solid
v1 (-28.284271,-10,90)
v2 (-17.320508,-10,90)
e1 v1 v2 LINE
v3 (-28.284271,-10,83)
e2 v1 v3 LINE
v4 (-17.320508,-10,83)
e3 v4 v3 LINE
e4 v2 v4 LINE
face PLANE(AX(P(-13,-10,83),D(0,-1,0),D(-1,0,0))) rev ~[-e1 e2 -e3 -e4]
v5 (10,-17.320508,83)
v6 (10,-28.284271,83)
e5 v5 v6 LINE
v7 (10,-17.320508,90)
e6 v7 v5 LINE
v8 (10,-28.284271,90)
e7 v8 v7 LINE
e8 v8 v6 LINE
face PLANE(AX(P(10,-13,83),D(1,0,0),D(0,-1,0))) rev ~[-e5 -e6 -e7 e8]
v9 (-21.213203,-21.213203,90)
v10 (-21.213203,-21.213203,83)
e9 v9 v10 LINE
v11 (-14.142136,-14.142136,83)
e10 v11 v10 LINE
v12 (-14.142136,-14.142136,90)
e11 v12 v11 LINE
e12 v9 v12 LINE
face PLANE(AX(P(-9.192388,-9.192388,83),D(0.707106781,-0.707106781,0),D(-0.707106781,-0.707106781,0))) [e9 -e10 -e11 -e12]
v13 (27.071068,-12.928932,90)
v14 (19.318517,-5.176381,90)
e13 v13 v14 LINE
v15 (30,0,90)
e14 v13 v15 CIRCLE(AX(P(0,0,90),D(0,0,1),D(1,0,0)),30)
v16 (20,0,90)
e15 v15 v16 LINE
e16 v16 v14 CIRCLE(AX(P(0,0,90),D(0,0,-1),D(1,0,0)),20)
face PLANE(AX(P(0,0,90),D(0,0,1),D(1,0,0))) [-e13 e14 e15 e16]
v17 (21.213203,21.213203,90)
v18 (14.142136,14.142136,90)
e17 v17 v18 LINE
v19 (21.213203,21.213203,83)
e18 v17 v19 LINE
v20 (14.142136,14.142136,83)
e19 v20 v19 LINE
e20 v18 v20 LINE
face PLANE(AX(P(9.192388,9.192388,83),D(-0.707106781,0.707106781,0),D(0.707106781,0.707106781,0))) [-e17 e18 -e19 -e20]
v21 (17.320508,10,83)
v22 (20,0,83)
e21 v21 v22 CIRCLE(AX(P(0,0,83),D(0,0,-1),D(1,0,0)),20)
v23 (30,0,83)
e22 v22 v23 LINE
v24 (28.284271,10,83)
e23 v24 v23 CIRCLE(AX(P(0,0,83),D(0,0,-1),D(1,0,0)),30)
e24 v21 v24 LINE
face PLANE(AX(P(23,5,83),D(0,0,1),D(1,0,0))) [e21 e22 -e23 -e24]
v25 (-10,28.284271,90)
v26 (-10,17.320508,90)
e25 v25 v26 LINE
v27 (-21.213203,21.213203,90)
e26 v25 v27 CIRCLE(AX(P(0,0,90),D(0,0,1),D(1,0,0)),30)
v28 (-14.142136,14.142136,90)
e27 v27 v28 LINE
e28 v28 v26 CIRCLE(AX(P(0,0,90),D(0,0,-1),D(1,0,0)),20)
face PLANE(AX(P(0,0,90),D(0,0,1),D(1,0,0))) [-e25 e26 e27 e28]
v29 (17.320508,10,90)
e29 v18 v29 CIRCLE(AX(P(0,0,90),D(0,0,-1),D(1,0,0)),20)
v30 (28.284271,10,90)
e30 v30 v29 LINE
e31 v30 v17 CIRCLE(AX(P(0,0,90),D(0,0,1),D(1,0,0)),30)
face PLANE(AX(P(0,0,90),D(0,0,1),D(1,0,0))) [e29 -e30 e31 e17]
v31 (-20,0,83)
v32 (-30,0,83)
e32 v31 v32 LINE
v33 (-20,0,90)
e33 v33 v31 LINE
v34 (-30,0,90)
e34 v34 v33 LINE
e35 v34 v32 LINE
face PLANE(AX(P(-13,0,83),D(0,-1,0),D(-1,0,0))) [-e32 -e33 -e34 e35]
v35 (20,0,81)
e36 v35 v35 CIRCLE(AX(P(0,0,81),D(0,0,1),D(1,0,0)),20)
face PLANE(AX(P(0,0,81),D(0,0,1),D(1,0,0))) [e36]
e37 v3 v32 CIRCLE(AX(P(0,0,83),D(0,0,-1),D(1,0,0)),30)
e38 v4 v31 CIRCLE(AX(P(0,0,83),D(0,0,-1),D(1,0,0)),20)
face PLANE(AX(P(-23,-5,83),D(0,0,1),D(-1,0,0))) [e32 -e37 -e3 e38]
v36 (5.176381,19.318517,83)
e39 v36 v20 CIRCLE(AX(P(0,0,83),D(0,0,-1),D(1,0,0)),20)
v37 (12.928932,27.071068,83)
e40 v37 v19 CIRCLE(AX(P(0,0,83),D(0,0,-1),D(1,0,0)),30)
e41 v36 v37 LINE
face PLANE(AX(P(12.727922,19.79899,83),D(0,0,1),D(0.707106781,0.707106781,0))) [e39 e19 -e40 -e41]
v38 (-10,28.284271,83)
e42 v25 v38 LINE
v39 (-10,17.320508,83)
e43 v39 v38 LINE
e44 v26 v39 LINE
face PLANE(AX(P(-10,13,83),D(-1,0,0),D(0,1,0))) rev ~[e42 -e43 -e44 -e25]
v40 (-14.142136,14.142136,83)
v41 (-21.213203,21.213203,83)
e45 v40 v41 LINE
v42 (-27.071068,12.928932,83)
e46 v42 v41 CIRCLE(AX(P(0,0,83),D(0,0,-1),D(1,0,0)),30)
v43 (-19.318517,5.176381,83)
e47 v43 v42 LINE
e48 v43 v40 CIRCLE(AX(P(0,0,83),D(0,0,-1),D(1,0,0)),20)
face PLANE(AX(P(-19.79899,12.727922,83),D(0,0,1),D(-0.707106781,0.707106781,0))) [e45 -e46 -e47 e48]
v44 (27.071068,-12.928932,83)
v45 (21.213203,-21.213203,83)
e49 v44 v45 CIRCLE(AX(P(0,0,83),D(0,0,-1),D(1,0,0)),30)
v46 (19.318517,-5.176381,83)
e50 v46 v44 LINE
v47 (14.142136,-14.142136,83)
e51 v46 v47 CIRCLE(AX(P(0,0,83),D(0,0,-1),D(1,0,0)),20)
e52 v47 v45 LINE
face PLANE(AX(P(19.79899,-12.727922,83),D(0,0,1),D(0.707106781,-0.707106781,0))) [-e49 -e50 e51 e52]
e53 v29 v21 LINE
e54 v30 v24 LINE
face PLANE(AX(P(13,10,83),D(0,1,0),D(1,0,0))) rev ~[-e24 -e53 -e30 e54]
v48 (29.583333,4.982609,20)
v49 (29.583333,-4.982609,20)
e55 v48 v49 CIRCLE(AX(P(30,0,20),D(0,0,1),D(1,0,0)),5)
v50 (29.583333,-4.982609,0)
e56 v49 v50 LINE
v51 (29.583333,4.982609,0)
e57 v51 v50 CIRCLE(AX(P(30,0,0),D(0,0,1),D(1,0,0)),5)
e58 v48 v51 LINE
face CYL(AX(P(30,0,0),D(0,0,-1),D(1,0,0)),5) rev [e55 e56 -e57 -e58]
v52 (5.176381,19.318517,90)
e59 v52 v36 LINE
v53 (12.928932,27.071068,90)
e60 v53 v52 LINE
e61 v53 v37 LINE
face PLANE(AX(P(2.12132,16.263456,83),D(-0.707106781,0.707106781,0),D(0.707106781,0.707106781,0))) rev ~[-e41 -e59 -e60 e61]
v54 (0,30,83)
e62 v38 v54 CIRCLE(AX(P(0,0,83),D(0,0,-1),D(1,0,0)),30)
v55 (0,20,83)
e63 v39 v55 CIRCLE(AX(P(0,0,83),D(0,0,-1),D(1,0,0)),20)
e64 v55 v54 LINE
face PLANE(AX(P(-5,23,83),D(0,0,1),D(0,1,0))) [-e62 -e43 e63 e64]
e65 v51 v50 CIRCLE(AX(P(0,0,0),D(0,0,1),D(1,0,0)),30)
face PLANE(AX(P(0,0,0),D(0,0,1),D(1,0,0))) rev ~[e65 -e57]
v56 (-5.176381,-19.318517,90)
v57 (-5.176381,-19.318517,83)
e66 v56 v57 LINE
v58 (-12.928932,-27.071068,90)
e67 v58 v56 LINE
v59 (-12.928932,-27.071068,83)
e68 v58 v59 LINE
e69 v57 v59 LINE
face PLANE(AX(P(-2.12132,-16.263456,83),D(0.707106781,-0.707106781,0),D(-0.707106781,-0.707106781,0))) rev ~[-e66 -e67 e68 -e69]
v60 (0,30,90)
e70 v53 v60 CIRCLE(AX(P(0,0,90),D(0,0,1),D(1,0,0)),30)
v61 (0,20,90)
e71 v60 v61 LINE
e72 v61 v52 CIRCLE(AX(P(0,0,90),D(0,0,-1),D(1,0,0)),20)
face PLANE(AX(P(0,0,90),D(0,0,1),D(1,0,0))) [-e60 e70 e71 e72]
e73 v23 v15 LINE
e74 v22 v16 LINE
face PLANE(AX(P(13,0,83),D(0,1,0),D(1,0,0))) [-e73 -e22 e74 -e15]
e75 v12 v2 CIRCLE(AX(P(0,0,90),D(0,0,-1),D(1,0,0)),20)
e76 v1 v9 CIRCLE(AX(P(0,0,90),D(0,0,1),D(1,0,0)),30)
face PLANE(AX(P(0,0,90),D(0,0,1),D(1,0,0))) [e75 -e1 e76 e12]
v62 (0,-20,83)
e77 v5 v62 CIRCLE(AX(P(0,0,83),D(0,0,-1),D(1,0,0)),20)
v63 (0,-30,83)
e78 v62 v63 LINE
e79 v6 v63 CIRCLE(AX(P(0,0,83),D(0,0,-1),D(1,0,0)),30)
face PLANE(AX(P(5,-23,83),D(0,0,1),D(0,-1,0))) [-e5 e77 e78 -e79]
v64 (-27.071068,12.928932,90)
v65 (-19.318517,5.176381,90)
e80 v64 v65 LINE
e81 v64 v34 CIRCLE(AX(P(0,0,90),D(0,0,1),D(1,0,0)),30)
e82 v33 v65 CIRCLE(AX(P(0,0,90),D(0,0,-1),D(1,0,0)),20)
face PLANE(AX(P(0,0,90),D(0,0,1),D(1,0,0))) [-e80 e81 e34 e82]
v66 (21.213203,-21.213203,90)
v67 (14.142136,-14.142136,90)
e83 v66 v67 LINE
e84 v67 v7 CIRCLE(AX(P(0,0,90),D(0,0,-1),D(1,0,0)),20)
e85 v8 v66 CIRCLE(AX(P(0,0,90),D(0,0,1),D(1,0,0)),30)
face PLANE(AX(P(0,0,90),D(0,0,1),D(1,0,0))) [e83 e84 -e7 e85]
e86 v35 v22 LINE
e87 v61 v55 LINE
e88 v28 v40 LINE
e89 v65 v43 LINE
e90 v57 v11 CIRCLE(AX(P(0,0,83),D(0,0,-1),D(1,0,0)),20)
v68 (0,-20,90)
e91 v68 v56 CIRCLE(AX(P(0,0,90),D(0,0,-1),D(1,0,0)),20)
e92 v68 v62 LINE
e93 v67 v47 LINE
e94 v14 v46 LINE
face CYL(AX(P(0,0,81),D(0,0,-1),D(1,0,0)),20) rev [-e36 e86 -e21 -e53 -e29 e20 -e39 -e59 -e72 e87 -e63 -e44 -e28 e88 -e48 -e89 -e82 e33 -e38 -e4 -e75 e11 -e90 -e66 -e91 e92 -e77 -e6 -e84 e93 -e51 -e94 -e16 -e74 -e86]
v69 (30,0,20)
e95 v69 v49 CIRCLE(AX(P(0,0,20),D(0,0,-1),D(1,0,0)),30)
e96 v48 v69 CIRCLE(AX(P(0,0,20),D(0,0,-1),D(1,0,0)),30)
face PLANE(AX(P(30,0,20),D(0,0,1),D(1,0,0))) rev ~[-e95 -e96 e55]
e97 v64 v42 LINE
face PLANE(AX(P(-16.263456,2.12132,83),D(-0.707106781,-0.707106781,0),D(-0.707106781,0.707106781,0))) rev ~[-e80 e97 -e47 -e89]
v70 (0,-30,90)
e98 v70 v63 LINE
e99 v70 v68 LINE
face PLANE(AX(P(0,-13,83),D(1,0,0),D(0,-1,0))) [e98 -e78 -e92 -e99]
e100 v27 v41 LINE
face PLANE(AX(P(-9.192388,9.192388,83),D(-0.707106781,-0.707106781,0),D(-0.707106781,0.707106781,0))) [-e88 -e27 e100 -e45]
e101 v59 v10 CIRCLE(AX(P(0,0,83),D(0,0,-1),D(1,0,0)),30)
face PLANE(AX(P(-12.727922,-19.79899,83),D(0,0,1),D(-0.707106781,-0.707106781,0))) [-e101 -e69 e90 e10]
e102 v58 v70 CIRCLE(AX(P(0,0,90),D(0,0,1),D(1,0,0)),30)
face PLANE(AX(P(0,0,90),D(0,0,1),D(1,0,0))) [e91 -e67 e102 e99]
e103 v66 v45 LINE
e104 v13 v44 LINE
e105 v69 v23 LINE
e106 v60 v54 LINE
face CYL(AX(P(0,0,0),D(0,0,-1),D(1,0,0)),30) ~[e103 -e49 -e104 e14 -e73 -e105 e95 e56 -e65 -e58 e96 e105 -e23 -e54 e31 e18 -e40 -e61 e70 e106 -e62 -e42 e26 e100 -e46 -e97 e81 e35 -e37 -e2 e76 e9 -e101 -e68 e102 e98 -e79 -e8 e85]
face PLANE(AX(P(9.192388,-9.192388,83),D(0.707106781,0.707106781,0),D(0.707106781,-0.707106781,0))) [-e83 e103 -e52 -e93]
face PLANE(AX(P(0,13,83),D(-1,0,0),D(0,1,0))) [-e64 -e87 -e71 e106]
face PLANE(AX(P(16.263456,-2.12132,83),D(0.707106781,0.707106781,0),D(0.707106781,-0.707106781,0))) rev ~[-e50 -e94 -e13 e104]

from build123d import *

# Parameters (mm, degrees)
CYLINDER002_R     = 5
CYLINDER002_DEPTH = 20
BOX_W             = 20
BOX_H             = 10
BOX_DEPTH         = 10
ARRAY_COUNT       = 8
CYLINDER001_R     = 20
CYLINDER001_DEPTH = 10
CYLINDER_R        = 30
CYLINDER_DEPTH    = 90


with BuildPart() as cilindro:
    # Cylinder002 → Cylinder002 (new body)
    with BuildSketch(Plane(origin=(30, 0, 0), x_dir=(1, 0, 0), z_dir=(0, 0, 1))):
        Circle(CYLINDER002_R)
    extrude(amount=CYLINDER002_DEPTH)


with BuildPart() as array:
    # Box → Box (new body)
    with BuildSketch(Plane(origin=(13, 0, 83), x_dir=(1, 0, 0), z_dir=(0, 0, 1))):
        with Locations((10, 5)):
            Rectangle(BOX_W, BOX_H)
    extrude(amount=BOX_DEPTH)

    # Array: Array ×8 about axis
    array_axis = Axis((0, 0, 0), (0, 0, 1))


with BuildPart() as array_1:
    add(array.part)
    for i in range(1, ARRAY_COUNT):
        add(array.part.rotate(array_axis, i * 360 / ARRAY_COUNT))


with BuildPart() as cylinder001:
    # Cylinder001 → Cylinder001 (new body)
    with BuildSketch(Plane.XY.offset(81)):
        Circle(CYLINDER001_R)
    extrude(amount=CYLINDER001_DEPTH)


with BuildPart() as cut002:
    # Cylinder → Cylinder (new body)
    with BuildSketch(Plane.XY):
        Circle(CYLINDER_R)
    extrude(amount=CYLINDER_DEPTH)

    # Cut: cut Cylinder001
    add(cylinder001.part, mode=Mode.SUBTRACT)

    # Cut001: cut Array
    add(array_1.part, mode=Mode.SUBTRACT)

    # Cut002: cut Cilindro
    add(cilindro.part, mode=Mode.SUBTRACT)


solid = cut002.part
